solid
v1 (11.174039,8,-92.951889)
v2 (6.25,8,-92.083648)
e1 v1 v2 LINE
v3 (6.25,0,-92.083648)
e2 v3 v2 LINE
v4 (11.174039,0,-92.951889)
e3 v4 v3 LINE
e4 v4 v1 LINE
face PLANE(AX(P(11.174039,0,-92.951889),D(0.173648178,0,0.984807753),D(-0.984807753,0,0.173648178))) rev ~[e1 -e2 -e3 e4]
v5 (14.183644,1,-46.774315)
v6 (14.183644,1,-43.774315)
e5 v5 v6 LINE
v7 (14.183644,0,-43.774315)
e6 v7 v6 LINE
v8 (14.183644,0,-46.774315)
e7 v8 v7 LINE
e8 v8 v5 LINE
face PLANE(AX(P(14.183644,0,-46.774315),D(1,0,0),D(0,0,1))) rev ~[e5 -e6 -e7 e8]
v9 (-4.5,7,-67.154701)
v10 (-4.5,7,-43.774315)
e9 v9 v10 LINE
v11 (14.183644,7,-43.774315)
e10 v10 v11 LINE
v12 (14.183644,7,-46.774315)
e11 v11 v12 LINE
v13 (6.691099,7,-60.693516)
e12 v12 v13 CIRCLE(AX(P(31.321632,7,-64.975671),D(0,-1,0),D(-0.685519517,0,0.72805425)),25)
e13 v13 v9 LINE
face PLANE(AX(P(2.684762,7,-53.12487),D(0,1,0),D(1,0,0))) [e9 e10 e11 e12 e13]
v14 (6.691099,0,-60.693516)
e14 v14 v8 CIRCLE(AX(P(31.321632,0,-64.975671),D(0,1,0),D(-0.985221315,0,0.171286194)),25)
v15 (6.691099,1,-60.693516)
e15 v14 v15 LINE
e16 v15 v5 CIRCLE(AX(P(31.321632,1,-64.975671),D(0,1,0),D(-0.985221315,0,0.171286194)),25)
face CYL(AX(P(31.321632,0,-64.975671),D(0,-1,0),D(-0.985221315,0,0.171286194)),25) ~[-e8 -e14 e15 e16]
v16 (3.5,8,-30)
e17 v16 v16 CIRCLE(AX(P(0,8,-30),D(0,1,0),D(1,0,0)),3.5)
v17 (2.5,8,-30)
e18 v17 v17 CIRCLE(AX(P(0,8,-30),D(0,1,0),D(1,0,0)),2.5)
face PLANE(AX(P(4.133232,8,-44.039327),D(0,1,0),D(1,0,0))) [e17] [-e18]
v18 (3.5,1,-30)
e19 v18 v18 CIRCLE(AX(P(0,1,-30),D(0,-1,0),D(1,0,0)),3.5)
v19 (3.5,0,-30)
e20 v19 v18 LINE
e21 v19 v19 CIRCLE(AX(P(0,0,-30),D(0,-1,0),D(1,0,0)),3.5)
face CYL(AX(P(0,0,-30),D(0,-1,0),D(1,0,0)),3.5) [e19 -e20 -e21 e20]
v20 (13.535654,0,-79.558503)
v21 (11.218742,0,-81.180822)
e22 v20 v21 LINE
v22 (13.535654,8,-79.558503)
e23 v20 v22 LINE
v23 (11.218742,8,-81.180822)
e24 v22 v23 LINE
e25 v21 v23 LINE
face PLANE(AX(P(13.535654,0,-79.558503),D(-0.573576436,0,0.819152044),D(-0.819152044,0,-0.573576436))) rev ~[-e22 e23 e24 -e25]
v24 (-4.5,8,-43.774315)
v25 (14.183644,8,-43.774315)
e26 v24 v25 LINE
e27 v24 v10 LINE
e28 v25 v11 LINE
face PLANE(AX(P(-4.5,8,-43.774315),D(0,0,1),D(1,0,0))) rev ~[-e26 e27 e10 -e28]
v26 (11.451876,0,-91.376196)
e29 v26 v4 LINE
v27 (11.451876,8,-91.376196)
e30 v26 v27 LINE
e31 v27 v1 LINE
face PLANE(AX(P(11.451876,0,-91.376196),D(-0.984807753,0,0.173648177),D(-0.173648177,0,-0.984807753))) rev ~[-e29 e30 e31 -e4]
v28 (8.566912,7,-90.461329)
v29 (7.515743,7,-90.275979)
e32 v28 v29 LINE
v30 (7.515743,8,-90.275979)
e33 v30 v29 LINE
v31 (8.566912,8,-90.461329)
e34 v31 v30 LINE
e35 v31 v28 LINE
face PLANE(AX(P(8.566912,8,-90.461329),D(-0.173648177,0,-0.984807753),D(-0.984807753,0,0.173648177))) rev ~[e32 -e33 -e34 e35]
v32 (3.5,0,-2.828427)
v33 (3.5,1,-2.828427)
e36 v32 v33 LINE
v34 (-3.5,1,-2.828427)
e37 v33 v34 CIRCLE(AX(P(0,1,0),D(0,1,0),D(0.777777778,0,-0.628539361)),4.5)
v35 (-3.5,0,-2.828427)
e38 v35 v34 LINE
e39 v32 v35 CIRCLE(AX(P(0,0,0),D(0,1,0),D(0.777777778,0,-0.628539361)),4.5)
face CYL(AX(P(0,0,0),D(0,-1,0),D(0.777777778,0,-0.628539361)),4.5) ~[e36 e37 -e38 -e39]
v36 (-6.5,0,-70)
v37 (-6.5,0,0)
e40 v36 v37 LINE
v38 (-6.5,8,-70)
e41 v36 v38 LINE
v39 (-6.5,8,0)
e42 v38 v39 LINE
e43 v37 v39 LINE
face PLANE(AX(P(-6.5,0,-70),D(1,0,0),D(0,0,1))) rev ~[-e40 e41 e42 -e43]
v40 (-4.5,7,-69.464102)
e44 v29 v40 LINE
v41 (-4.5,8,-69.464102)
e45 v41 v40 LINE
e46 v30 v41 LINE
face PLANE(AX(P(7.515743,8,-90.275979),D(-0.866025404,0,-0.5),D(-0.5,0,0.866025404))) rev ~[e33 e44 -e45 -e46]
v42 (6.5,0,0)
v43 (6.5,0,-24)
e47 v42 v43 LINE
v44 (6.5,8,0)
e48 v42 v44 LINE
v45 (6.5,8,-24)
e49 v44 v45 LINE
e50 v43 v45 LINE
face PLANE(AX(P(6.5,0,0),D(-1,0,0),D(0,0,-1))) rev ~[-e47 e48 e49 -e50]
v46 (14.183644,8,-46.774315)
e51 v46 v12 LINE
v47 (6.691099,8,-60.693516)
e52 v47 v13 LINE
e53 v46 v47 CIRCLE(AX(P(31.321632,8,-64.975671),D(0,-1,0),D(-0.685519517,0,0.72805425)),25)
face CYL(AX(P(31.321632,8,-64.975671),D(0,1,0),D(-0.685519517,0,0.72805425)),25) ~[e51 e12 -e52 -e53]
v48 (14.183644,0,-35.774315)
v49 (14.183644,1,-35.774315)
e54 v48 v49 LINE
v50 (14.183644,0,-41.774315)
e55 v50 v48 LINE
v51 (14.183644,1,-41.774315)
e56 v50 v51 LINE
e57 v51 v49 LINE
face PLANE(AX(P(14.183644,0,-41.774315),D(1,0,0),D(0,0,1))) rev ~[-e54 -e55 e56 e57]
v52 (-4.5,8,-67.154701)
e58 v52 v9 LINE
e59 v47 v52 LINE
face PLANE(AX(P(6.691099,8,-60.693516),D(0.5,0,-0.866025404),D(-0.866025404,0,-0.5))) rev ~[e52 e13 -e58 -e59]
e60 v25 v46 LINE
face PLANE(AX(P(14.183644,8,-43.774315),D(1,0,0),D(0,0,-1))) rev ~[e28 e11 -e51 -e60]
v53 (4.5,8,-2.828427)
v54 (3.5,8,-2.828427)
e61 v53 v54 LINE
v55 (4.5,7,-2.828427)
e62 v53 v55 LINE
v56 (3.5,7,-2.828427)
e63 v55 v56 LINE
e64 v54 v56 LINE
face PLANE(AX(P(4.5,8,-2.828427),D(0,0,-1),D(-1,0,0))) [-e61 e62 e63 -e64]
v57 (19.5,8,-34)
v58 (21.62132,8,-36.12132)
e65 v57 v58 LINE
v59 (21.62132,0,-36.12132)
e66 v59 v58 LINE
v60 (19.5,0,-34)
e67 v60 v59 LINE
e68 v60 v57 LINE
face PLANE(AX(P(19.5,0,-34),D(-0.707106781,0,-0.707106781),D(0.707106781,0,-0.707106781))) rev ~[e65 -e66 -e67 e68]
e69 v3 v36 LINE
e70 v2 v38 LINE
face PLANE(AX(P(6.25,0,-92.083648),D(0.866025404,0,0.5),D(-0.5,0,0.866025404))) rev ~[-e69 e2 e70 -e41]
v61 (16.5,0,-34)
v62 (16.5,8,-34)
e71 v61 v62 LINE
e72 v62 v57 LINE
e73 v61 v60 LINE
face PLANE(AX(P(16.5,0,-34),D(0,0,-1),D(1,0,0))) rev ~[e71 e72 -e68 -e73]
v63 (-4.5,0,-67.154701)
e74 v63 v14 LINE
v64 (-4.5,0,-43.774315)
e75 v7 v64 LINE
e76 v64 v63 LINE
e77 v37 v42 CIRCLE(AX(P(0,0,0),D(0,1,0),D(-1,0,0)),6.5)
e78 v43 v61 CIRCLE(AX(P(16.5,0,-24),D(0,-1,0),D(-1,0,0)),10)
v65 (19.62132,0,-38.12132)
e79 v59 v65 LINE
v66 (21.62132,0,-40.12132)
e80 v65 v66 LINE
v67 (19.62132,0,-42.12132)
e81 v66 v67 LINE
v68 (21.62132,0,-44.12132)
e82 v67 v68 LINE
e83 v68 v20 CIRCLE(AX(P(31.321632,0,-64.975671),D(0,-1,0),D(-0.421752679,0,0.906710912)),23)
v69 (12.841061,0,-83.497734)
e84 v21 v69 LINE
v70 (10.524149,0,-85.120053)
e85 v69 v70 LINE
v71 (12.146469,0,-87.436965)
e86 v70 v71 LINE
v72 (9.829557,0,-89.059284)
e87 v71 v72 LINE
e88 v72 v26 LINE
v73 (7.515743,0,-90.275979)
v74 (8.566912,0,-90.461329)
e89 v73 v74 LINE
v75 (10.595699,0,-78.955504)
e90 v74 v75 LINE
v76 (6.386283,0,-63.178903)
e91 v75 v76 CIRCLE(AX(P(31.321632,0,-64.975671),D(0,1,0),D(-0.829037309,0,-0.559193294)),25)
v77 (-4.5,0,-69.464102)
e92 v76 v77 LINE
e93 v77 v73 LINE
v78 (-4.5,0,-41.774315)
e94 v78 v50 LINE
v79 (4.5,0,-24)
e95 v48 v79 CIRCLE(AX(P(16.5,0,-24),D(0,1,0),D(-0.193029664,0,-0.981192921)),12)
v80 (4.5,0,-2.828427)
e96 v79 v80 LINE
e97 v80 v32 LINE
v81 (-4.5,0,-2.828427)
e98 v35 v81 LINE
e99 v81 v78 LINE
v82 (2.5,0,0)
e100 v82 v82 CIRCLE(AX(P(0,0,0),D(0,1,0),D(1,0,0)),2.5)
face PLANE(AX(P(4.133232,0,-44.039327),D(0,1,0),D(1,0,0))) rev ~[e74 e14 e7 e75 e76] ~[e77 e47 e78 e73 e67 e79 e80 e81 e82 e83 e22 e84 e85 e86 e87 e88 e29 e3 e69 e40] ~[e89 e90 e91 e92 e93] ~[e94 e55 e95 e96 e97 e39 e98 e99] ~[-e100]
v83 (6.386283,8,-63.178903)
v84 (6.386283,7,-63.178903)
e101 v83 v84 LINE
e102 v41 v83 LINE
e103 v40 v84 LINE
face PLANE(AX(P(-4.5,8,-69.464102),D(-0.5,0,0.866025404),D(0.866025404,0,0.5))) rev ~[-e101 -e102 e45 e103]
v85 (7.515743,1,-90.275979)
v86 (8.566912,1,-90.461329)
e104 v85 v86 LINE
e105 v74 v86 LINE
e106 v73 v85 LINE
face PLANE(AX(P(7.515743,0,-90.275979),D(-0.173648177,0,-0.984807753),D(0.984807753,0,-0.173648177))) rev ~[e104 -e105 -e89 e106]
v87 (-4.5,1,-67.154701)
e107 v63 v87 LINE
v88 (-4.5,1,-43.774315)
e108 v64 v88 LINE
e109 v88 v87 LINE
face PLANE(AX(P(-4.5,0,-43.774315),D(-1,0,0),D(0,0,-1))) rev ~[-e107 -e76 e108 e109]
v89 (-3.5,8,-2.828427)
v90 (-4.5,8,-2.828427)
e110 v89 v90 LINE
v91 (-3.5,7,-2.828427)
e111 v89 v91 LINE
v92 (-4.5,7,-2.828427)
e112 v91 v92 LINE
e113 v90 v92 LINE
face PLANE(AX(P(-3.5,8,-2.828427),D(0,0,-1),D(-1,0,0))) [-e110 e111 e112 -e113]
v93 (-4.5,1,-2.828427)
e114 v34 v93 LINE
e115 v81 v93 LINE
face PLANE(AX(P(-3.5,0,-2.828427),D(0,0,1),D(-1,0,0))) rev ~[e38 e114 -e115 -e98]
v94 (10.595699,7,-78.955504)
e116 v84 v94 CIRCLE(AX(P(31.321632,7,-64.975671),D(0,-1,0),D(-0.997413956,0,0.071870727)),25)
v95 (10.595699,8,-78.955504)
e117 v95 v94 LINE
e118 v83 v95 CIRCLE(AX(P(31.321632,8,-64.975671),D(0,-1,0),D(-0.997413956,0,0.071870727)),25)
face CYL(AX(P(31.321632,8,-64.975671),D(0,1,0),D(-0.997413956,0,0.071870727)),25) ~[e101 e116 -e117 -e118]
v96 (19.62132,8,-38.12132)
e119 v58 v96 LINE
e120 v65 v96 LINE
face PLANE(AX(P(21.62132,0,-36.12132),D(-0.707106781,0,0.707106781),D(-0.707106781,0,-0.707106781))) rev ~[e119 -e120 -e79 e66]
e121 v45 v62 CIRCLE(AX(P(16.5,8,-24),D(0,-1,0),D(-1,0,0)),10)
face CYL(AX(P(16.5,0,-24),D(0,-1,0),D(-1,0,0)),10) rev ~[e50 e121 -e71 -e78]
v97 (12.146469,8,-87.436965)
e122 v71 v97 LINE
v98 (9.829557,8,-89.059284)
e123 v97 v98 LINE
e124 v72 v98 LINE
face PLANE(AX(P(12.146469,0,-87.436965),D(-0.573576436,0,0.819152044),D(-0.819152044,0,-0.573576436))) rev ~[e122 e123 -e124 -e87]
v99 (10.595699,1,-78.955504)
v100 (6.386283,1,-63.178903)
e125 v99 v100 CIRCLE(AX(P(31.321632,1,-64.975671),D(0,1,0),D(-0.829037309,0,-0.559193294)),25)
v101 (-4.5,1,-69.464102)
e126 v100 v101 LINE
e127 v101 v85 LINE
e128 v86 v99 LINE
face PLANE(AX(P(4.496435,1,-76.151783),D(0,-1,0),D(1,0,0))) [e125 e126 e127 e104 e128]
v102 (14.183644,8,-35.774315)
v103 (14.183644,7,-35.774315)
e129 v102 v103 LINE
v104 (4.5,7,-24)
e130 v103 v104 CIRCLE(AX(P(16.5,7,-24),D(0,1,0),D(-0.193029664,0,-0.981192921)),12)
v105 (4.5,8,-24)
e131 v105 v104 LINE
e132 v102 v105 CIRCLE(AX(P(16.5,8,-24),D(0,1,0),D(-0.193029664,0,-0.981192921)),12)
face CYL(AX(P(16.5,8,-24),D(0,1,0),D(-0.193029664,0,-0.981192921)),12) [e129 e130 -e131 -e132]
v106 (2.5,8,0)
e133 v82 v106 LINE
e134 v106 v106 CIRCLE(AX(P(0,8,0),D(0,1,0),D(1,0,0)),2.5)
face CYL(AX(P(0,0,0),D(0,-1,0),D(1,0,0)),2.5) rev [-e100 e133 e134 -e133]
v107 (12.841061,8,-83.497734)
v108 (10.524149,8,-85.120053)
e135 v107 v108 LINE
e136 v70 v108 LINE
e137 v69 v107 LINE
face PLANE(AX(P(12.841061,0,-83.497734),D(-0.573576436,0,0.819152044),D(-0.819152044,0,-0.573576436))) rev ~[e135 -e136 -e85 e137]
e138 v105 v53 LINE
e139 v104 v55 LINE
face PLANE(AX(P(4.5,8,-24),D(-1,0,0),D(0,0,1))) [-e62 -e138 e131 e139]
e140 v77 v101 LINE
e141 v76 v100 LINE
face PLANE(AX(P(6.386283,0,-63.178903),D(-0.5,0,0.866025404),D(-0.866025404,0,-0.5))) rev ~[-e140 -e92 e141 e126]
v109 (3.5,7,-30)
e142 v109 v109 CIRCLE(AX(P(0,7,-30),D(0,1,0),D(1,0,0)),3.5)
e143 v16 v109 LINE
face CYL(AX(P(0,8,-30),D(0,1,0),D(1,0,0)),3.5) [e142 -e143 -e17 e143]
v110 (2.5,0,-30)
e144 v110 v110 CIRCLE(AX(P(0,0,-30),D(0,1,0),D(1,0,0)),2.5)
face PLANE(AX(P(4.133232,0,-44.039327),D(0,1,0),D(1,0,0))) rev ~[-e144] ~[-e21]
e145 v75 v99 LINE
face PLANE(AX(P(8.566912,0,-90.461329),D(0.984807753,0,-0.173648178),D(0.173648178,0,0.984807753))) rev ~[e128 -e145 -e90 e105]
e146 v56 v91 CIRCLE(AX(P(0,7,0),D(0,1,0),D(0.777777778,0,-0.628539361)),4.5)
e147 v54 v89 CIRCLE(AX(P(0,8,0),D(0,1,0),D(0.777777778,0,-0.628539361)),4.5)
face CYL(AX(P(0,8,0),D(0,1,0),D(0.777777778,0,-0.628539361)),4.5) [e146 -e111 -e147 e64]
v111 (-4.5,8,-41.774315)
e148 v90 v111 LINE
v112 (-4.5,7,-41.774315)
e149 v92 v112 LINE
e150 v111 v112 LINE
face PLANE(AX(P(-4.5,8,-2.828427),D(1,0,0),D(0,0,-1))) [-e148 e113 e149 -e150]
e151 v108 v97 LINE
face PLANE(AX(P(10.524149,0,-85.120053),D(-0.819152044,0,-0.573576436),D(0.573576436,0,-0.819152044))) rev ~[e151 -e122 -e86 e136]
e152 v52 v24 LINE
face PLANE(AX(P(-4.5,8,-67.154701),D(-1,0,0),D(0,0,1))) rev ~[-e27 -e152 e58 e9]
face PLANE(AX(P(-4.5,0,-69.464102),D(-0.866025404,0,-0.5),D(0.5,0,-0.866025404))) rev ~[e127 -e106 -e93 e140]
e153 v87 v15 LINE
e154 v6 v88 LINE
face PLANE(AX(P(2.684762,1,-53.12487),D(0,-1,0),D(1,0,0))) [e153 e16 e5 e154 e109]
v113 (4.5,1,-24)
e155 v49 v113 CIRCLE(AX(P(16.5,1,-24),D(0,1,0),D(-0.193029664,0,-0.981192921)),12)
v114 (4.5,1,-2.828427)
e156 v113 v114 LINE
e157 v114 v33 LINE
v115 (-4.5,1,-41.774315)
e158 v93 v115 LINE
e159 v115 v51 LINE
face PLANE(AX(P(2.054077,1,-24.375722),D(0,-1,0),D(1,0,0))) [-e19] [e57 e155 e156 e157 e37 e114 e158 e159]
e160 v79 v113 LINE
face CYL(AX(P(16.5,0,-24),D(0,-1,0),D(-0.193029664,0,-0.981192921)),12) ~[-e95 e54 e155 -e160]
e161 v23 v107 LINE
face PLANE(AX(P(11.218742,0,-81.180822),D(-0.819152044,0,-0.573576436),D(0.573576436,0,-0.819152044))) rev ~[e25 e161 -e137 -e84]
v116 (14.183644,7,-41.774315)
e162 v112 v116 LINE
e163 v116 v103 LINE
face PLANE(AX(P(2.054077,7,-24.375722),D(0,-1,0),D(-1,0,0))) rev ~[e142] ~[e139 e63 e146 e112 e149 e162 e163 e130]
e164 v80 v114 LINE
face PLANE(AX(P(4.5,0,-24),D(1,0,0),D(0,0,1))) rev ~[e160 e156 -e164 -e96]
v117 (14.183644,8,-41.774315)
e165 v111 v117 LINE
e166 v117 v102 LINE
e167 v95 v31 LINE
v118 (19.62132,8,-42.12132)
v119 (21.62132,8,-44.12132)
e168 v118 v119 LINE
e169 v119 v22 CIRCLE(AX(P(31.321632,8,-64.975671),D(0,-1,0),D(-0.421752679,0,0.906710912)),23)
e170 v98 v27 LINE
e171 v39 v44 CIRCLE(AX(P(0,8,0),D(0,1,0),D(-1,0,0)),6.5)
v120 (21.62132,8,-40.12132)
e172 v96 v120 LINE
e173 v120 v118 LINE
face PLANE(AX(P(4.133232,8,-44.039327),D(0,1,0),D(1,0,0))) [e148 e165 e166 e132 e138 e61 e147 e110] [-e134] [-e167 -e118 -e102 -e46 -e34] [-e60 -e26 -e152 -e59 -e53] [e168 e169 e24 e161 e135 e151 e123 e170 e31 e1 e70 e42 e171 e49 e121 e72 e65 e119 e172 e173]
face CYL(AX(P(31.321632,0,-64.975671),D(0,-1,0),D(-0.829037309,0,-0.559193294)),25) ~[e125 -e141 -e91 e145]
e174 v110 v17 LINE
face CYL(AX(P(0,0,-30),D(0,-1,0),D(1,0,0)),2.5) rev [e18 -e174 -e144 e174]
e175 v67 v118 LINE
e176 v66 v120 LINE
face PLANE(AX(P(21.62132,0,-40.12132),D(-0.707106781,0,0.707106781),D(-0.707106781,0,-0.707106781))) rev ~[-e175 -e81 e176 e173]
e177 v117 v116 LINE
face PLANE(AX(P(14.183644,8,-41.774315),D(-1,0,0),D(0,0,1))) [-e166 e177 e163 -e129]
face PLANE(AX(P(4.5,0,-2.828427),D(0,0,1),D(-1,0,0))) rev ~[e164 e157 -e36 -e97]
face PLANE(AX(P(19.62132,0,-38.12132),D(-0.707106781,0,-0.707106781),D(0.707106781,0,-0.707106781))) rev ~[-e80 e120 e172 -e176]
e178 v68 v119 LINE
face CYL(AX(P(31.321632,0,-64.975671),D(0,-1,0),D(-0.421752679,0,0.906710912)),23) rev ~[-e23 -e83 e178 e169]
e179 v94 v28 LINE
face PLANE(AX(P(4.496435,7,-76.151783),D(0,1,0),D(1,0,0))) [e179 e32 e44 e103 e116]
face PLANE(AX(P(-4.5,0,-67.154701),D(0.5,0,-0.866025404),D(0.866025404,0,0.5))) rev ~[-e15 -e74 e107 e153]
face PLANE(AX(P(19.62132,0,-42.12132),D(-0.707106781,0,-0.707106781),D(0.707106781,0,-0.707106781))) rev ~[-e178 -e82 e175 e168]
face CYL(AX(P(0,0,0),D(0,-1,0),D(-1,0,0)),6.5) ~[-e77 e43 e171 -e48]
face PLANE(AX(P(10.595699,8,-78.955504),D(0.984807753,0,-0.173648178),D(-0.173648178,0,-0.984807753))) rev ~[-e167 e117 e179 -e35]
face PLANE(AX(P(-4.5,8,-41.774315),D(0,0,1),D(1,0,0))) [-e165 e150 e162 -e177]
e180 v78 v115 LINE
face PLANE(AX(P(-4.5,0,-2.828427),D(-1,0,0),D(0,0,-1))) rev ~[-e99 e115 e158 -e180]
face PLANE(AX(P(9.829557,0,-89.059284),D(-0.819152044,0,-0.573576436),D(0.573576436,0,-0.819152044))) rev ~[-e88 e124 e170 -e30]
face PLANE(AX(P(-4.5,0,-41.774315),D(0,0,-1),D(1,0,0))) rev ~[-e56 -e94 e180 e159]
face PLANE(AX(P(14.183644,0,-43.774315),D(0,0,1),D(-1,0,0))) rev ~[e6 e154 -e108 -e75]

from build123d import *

# Parameters (mm, degrees)
CROQUIS2_R              = 2.5
SALIENTE_EXTRUIR1_DEPTH = 8
CROQUIS3_R              = 3.5
CORTAR_EXTRUIR1_DEPTH   = 1
CROQUIS4_R              = 3.5
CORTAR_EXTRUIR2_DEPTH   = 1


with BuildPart() as part:
    # Croquis2 → Saliente-Extruir1 (new body)
    with BuildSketch(Plane(origin=(0, 0, 0), x_dir=(1, 0, 0), z_dir=(0, 1, 0))):
        with BuildLine():
            Line((-6.5, 70), (-6.5, 0))
            ThreePointArc((-6.5, 0), (0, -6.5), (6.5, 0))
            Line((6.5, 0), (6.5, 24))
            ThreePointArc((6.5, 24), (9.428932188, 31.071067812), (16.5, 34))
            Line((16.5, 34), (19.5, 34))
            Line((19.5, 34), (21.621320344, 36.121320344))
            Line((21.621320344, 36.121320344), (19.621320344, 38.121320344))
            Line((19.621320344, 38.121320344), (21.621320344, 40.121320344))
            Line((21.621320344, 40.121320344), (19.621320344, 42.121320344))
            Line((19.621320344, 42.121320344), (21.621320344, 44.121320344))
            ThreePointArc((21.621320344, 44.121320344), (8.897927721, 59.859277281), (13.535653981, 79.558503244))
            Line((13.535653981, 79.558503244), (11.21874212, 81.180822395))
            Line((11.21874212, 81.180822395), (12.841061271, 83.497734256))
            Line((12.841061271, 83.497734256), (10.524149409, 85.120053407))
            Line((10.524149409, 85.120053407), (12.14646856, 87.436965268))
            Line((12.14646856, 87.436965268), (9.829556699, 89.059284419))
            Line((9.829556699, 89.059284419), (11.451875849, 91.37619628))
            Line((11.451875849, 91.37619628), (11.174038765, 92.951888685))
            Line((11.174038765, 92.951888685), (6.25, 92.083647797))
            Line((6.25, 92.083647797), (-6.5, 70))
        make_face()
        Circle(CROQUIS2_R, mode=Mode.SUBTRACT)
        with Locations((0, 30)):
            Circle(CROQUIS2_R, mode=Mode.SUBTRACT)
    extrude(amount=SALIENTE_EXTRUIR1_DEPTH)

    # Croquis3 → Cortar-Extruir1 (cut)
    with BuildSketch(Plane(origin=(0, 8, 0), x_dir=(1, 0, 0), z_dir=(0, 1, 0))):
        with BuildLine():
            Line((7.515743149, 90.275979241), (-4.5, 69.464101615))
            Line((-4.5, 69.464101615), (6.386283079, 63.178903149))
            ThreePointArc((6.386283079, 63.178903149), (7.166644063, 71.420557609), (10.59569924, 78.955503667))
            Line((10.59569924, 78.955503667), (8.566911861, 90.461328646))
            Line((8.566911861, 90.461328646), (7.515743149, 90.275979241))
        make_face()
        with BuildLine():
            Line((-4.5, 67.154700538), (-4.5, 43.774315056))
            Line((-4.5, 43.774315056), (14.183644035, 43.774315056))
            Line((14.183644035, 43.774315056), (14.183644035, 46.774315056))
            ThreePointArc((14.183644035, 46.774315056), (9.308263877, 53.126130169), (6.691099089, 60.693516467))
            Line((6.691099089, 60.693516467), (-4.5, 67.154700538))
        make_face()
        with BuildLine():
            Line((-4.5, 2.828427125), (-4.5, 41.774315056))
            Line((-4.5, 41.774315056), (14.183644035, 41.774315056))
            Line((14.183644035, 41.774315056), (14.183644035, 35.774315056))
            ThreePointArc((14.183644035, 35.774315056), (7.231875282, 31.622457885), (4.5, 24))
            Line((4.5, 24), (4.5, 2.828427125))
            Line((4.5, 2.828427125), (3.5, 2.828427125))
            ThreePointArc((3.5, 2.828427125), (0, 4.5), (-3.5, 2.828427125))
            Line((-3.5, 2.828427125), (-4.5, 2.828427125))
        make_face()
        with Locations((0, 30)):
            Circle(CROQUIS3_R, mode=Mode.SUBTRACT)
    extrude(amount=-CORTAR_EXTRUIR1_DEPTH, mode=Mode.SUBTRACT)

    # Croquis4 → Cortar-Extruir2 (cut)
    with BuildSketch(Plane.XZ):
        with BuildLine():
            Line((4.5, -24), (4.5, -2.828427125))
            Line((4.5, -2.828427125), (3.5, -2.828427125))
            ThreePointArc((3.5, -2.828427125), (0, -4.5), (-3.5, -2.828427125))
            Line((-3.5, -2.828427125), (-4.5, -2.828427125))
            Line((-4.5, -2.828427125), (-4.5, -41.774315056))
            Line((-4.5, -41.774315056), (14.183644035, -41.774315056))
            Line((14.183644035, -41.774315056), (14.183644035, -35.774315056))
            ThreePointArc((14.183644035, -35.774315056), (7.231875282, -31.622457885), (4.5, -24))
        make_face()
        with Locations((0, -30)):
            Circle(CROQUIS4_R, mode=Mode.SUBTRACT)
        with BuildLine():
            Line((6.386283079, -63.178903149), (-4.5, -69.464101615))
            Line((-4.5, -69.464101615), (7.515743149, -90.275979241))
            Line((7.515743149, -90.275979241), (8.566911861, -90.461328646))
            Line((8.566911861, -90.461328646), (10.59569924, -78.955503667))
            ThreePointArc((10.59569924, -78.955503667), (7.166644063, -71.420557609), (6.386283079, -63.178903149))
        make_face()
        with BuildLine():
            Line((-4.5, -67.154700538), (6.691099089, -60.693516467))
            ThreePointArc((6.691099089, -60.693516467), (9.308263877, -53.126130169), (14.183644035, -46.774315056))
            Line((14.183644035, -46.774315056), (14.183644035, -43.774315056))
            Line((14.183644035, -43.774315056), (-4.5, -43.774315056))
            Line((-4.5, -43.774315056), (-4.5, -67.154700538))
        make_face()
    extrude(amount=-CORTAR_EXTRUIR2_DEPTH, mode=Mode.SUBTRACT)


solid = part.part
